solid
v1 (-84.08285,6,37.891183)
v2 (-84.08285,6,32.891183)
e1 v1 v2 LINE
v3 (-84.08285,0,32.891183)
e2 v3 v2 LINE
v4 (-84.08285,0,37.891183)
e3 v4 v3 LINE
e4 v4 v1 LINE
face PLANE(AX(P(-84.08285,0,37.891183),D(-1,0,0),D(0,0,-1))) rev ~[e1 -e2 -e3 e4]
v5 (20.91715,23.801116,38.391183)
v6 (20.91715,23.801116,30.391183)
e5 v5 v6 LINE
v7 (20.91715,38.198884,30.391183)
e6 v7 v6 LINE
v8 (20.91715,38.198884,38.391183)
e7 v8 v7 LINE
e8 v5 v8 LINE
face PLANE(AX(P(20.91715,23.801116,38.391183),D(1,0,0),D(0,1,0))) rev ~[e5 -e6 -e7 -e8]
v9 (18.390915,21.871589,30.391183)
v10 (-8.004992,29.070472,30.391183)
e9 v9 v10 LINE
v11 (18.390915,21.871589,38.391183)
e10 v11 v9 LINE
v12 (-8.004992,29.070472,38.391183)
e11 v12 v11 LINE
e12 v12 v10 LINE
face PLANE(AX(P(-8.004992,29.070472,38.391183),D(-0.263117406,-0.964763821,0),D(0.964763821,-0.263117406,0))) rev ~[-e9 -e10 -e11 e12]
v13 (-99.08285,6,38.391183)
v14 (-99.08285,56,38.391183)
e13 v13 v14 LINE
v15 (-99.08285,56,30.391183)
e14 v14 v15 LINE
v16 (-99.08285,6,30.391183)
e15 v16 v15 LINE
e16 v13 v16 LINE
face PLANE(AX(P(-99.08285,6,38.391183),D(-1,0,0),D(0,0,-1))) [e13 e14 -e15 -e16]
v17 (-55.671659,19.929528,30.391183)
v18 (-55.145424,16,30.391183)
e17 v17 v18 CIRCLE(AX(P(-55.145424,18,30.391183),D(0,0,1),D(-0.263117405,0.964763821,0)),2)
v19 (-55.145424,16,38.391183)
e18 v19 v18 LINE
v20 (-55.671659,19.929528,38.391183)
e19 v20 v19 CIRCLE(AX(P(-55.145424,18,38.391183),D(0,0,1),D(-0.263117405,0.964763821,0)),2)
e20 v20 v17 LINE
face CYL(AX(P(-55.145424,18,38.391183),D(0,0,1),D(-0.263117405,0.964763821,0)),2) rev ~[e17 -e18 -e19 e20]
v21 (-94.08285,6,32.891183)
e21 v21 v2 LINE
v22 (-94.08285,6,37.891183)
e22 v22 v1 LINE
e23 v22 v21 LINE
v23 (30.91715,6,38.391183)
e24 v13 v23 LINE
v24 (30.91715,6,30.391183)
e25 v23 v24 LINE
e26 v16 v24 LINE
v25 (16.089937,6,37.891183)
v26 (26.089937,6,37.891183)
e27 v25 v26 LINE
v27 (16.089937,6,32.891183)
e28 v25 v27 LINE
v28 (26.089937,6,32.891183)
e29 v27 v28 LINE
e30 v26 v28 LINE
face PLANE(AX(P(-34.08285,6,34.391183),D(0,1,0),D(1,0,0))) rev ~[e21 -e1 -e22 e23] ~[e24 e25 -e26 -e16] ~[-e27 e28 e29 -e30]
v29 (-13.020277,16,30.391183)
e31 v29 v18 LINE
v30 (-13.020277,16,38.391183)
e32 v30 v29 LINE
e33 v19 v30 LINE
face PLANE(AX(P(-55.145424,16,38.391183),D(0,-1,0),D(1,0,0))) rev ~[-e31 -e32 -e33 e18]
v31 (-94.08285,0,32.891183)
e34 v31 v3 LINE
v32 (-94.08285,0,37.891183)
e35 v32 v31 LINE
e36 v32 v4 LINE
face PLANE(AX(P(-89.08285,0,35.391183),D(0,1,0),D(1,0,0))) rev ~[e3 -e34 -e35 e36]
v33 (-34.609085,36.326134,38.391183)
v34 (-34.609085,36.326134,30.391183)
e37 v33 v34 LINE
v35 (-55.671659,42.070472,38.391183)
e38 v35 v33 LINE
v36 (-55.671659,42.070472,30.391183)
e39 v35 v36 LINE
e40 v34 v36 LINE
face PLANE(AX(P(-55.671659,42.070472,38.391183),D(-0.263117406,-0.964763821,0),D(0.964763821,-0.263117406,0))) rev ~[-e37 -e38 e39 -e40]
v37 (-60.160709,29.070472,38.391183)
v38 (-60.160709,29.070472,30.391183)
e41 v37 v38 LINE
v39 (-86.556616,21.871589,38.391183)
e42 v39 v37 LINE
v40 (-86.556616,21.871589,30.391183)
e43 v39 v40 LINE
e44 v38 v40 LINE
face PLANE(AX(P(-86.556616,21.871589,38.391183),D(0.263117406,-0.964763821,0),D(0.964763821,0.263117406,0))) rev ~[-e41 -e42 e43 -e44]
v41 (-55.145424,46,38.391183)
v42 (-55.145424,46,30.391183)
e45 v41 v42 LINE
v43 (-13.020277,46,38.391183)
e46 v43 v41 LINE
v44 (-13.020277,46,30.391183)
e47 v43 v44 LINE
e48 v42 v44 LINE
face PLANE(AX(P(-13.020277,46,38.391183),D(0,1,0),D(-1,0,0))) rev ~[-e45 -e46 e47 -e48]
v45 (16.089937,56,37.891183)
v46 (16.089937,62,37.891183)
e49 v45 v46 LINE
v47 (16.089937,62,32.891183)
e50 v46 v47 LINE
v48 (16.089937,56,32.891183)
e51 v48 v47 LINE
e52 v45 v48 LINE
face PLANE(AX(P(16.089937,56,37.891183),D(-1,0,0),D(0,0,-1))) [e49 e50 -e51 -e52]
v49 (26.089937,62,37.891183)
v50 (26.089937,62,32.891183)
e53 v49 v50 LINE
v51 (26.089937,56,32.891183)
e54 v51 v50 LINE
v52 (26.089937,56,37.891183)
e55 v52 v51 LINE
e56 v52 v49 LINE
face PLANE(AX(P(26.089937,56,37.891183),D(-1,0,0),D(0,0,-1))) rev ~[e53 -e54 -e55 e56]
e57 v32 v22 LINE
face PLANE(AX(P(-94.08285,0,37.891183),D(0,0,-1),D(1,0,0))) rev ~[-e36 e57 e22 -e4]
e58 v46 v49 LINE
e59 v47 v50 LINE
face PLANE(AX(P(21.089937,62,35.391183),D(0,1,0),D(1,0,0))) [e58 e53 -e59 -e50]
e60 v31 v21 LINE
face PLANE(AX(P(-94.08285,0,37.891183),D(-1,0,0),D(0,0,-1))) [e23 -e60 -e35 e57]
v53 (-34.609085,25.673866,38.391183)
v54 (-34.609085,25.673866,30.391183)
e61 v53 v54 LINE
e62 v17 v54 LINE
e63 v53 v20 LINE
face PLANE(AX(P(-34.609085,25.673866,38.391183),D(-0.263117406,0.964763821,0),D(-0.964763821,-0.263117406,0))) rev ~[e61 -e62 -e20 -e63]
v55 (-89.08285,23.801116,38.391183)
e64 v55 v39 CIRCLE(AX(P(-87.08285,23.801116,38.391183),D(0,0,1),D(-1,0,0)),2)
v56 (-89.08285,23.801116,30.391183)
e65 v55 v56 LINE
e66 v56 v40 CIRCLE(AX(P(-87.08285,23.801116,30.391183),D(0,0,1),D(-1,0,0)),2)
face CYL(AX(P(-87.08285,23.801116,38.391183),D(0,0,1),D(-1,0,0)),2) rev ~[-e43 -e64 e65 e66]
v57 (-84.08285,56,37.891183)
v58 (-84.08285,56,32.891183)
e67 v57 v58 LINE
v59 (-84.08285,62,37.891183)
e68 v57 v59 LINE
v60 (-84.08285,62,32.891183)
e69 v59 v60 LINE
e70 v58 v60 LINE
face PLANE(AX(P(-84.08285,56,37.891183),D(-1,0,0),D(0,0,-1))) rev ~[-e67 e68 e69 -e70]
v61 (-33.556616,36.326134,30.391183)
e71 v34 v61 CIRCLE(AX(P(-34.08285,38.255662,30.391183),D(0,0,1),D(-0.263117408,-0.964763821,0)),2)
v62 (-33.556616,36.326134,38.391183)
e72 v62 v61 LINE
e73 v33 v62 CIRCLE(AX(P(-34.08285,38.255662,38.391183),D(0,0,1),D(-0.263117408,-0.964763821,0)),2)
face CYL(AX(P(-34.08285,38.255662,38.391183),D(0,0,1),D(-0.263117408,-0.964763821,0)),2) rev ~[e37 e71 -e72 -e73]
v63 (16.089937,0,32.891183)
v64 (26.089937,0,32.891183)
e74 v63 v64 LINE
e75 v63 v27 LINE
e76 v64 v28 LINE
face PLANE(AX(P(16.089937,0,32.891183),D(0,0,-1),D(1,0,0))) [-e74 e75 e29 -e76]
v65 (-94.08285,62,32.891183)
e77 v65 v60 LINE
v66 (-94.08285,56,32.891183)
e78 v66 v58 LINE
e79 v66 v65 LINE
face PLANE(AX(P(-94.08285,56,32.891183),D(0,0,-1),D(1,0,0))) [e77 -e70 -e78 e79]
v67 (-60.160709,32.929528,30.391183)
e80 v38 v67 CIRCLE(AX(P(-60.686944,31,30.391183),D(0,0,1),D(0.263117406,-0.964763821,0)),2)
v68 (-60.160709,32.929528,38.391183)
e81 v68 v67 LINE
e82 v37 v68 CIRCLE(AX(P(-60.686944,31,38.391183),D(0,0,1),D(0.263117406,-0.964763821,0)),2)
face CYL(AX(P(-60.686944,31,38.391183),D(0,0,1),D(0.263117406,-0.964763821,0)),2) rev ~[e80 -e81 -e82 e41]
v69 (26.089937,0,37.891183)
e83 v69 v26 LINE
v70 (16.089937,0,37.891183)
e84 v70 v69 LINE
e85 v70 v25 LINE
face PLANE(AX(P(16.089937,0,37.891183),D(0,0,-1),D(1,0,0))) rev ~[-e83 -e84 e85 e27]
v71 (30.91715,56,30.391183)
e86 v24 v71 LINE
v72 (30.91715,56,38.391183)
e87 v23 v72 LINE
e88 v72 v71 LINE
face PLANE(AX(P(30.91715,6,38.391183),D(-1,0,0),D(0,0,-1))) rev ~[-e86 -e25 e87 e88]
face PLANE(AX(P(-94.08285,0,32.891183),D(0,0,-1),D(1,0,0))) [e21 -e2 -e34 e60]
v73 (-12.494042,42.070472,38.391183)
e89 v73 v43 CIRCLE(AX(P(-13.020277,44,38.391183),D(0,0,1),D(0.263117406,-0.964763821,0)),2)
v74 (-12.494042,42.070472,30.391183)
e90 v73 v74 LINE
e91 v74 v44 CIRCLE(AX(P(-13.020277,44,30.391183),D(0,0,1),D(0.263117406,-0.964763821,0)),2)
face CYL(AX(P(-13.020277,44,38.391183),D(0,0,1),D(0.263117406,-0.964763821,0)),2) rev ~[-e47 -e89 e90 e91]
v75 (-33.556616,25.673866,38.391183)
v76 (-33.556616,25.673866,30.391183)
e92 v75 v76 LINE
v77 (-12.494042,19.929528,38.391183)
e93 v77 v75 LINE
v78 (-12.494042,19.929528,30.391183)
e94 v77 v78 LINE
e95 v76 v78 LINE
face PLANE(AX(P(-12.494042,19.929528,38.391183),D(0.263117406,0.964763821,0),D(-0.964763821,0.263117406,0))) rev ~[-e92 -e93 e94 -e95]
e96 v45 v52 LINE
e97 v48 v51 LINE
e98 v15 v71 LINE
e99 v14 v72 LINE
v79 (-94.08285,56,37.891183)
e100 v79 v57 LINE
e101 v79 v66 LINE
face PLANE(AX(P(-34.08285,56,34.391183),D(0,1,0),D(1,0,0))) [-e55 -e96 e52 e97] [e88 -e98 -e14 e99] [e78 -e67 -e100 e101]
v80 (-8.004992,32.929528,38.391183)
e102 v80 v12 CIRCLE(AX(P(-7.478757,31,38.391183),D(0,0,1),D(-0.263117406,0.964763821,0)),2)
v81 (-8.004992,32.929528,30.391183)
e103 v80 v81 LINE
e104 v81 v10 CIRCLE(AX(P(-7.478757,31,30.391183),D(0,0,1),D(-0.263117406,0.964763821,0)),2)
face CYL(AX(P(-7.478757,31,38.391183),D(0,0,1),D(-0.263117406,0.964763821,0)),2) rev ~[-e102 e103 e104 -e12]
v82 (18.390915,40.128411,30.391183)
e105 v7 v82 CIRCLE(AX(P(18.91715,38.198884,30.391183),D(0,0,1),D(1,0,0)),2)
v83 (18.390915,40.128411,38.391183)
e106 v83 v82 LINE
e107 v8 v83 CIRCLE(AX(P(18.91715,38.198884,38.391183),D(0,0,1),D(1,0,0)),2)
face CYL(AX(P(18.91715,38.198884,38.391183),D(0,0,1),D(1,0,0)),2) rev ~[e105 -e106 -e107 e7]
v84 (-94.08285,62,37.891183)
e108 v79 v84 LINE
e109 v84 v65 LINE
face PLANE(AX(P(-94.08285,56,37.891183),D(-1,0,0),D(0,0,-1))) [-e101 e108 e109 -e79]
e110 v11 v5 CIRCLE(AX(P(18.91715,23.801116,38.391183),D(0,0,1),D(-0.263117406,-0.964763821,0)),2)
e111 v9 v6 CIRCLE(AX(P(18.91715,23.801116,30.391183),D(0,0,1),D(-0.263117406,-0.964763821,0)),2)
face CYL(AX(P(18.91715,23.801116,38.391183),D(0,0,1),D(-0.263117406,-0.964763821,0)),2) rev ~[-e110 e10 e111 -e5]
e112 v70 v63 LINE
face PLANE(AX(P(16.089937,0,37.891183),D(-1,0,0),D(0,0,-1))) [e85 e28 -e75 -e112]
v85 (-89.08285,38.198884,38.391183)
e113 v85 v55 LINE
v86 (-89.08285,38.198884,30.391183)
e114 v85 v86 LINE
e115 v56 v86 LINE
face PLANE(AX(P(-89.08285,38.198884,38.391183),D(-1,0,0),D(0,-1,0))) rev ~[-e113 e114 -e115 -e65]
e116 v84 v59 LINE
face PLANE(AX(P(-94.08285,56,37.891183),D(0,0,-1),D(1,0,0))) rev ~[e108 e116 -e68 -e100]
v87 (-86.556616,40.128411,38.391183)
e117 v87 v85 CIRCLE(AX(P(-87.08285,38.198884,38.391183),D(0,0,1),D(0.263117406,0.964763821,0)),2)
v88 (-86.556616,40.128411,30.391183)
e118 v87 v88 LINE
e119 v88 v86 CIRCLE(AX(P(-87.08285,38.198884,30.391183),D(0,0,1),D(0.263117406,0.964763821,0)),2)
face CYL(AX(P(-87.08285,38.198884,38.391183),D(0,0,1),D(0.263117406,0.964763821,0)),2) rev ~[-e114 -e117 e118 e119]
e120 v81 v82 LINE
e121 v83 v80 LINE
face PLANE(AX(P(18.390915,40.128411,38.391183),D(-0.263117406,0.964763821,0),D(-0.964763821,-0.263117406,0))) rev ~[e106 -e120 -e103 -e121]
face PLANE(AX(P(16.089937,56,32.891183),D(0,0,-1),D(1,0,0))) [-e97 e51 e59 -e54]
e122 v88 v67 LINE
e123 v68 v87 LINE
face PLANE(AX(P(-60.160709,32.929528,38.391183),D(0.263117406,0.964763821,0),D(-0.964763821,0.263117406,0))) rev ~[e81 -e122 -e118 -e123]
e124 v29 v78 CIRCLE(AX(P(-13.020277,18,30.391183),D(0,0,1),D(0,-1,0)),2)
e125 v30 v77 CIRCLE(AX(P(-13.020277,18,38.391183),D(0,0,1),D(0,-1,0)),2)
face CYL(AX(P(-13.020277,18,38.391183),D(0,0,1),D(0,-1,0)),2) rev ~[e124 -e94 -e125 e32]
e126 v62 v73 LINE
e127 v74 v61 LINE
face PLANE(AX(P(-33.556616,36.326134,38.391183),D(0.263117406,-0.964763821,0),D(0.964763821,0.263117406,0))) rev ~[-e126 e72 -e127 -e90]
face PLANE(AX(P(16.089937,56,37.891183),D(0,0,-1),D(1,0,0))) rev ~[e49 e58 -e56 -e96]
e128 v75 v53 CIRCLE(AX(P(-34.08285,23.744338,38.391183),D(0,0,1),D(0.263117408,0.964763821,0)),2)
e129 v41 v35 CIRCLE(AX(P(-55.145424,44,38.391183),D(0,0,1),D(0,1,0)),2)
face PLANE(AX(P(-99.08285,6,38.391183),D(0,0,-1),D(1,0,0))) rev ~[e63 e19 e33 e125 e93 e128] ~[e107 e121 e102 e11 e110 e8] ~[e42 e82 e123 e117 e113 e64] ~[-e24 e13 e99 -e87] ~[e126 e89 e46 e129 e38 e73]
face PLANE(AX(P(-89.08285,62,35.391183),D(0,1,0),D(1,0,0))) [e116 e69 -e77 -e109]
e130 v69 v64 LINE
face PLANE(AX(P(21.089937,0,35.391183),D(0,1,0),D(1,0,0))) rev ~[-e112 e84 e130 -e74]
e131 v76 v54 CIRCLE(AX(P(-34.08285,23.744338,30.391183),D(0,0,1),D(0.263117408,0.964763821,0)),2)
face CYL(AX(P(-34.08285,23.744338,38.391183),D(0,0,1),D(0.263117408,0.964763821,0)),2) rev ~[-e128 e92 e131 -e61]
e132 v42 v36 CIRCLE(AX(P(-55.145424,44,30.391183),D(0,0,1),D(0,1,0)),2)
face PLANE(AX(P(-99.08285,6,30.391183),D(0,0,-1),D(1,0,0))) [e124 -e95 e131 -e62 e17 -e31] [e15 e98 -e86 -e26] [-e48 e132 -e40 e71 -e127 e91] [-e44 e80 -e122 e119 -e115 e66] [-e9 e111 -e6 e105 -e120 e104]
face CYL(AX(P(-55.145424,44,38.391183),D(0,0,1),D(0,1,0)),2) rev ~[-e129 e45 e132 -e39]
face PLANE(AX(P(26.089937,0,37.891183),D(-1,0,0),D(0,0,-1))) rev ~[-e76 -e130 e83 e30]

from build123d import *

# Parameters (mm, degrees)
SKETCH1_W             = 10
SKETCH1_H             = 5
BOSS_EXTRUDE1_DEPTH   = 6
BOSS_EXTRUDE1_2_DEPTH = 6
SKETCH2_W             = 130
SKETCH2_H             = 8
BOSS_EXTRUDE2_DEPTH   = 50
SKETCH3_W             = 10
SKETCH3_H             = 5
BOSS_EXTRUDE3_DEPTH   = 6
CUT_EXTRUDE1_DEPTH    = 118.155500326


with BuildPart() as part:
    # Sketch1 → Boss-Extrude1 (new body)
    with BuildSketch(Plane(origin=(0, 0, 0), x_dir=(1, 0, 0), z_dir=(0, 1, 0))):
        with Locations((21.089936581, -35.391183382)):
            Rectangle(SKETCH1_W, SKETCH1_H)
    extrude(amount=BOSS_EXTRUDE1_DEPTH)



with BuildPart() as body_2:
    # Sketch1 → Boss-Extrude1 2 (new body)
    with BuildSketch(Plane(origin=(0, 0, 0), x_dir=(1, 0, 0), z_dir=(0, 1, 0))):
        with Locations((-89.082850467, -35.391183382)):
            Rectangle(SKETCH1_W, SKETCH1_H)
    extrude(amount=BOSS_EXTRUDE1_2_DEPTH)


with BuildPart() as part_1:
    add(part.part)

    add(body_2.part)  # Boss-Extrude2 merges body 2
    # Sketch2 → Boss-Extrude2 (add)
    with BuildSketch(Plane(origin=(0, 6, 0), x_dir=(1, 0, 0), z_dir=(0, 1, 0))):
        with Locations((-34.082850467, -34.391183382)):
            Rectangle(SKETCH2_W, SKETCH2_H)
    extrude(amount=BOSS_EXTRUDE2_DEPTH)

    # Sketch3 → Boss-Extrude3 (add)
    with BuildSketch(Plane(origin=(0, 56, 0), x_dir=(1, 0, 0), z_dir=(0, 1, 0))):
        with Locations((-89.082850467, -35.391183382)):
            Rectangle(SKETCH3_W, SKETCH3_H)
        with Locations((21.089936581, -35.391183382)):
            Rectangle(SKETCH3_W, SKETCH3_H)
    extrude(amount=BOSS_EXTRUDE3_DEPTH)

    # Sketch4 → Cut-Extrude1 (cut, through all)
    with BuildSketch(Plane.XY.offset(38.391183382)):
        with BuildLine():
            Line((-13.020277053, 46), (-55.145423882, 46))
            ThreePointArc((-55.145423882, 46), (-57.127727502, 44.265466302), (-55.671658693, 42.070472358))
            Line((-55.671658693, 42.070472358), (-34.609085279, 36.326134154))
            ThreePointArc((-34.609085279, 36.326134154), (-34.082850467, 36.255661796), (-33.556615656, 36.326134154))
            Line((-33.556615656, 36.326134154), (-12.494042241, 42.070472358))
            ThreePointArc((-12.494042241, 42.070472358), (-11.037973433, 44.265466302), (-13.020277053, 46))
        make_face()
        with BuildLine():
            Line((-89.082850467, 38.198883658), (-89.082850467, 23.801116342))
            ThreePointArc((-89.082850467, 23.801116342), (-88.296837777, 22.211702987), (-86.556615656, 21.871588699))
            Line((-86.556615656, 21.871588699), (-60.160708908, 29.070472358))
            ThreePointArc((-60.160708908, 29.070472358), (-58.68694372, 31), (-60.160708908, 32.929527642))
            Line((-60.160708908, 32.929527642), (-86.556615656, 40.128411301))
            ThreePointArc((-86.556615656, 40.128411301), (-88.296837777, 39.788297013), (-89.082850467, 38.198883658))
        make_face()
        with BuildLine():
            Line((-55.145423882, 16), (-13.020277053, 16))
            ThreePointArc((-13.020277053, 16), (-11.037973433, 17.734533698), (-12.494042241, 19.929527642))
            Line((-12.494042241, 19.929527642), (-33.556615656, 25.673865846))
            ThreePointArc((-33.556615656, 25.673865846), (-34.082850467, 25.744338204), (-34.609085279, 25.673865846))
            Line((-34.609085279, 25.673865846), (-55.671658693, 19.929527642))
            ThreePointArc((-55.671658693, 19.929527642), (-57.127727502, 17.734533698), (-55.145423882, 16))
        make_face()
        with BuildLine():
            Line((20.917149533, 23.801116342), (20.917149533, 38.198883658))
            ThreePointArc((20.917149533, 38.198883658), (20.131136843, 39.788297013), (18.390914721, 40.128411301))
            Line((18.390914721, 40.128411301), (-8.004992027, 32.929527642))
            ThreePointArc((-8.004992027, 32.929527642), (-9.478757215, 31), (-8.004992027, 29.070472358))
            Line((-8.004992027, 29.070472358), (18.390914721, 21.871588699))
            ThreePointArc((18.390914721, 21.871588699), (20.131136843, 22.211702987), (20.917149533, 23.801116342))
        make_face()
    extrude(amount=-CUT_EXTRUDE1_DEPTH, mode=Mode.SUBTRACT)


solid = part_1.part
